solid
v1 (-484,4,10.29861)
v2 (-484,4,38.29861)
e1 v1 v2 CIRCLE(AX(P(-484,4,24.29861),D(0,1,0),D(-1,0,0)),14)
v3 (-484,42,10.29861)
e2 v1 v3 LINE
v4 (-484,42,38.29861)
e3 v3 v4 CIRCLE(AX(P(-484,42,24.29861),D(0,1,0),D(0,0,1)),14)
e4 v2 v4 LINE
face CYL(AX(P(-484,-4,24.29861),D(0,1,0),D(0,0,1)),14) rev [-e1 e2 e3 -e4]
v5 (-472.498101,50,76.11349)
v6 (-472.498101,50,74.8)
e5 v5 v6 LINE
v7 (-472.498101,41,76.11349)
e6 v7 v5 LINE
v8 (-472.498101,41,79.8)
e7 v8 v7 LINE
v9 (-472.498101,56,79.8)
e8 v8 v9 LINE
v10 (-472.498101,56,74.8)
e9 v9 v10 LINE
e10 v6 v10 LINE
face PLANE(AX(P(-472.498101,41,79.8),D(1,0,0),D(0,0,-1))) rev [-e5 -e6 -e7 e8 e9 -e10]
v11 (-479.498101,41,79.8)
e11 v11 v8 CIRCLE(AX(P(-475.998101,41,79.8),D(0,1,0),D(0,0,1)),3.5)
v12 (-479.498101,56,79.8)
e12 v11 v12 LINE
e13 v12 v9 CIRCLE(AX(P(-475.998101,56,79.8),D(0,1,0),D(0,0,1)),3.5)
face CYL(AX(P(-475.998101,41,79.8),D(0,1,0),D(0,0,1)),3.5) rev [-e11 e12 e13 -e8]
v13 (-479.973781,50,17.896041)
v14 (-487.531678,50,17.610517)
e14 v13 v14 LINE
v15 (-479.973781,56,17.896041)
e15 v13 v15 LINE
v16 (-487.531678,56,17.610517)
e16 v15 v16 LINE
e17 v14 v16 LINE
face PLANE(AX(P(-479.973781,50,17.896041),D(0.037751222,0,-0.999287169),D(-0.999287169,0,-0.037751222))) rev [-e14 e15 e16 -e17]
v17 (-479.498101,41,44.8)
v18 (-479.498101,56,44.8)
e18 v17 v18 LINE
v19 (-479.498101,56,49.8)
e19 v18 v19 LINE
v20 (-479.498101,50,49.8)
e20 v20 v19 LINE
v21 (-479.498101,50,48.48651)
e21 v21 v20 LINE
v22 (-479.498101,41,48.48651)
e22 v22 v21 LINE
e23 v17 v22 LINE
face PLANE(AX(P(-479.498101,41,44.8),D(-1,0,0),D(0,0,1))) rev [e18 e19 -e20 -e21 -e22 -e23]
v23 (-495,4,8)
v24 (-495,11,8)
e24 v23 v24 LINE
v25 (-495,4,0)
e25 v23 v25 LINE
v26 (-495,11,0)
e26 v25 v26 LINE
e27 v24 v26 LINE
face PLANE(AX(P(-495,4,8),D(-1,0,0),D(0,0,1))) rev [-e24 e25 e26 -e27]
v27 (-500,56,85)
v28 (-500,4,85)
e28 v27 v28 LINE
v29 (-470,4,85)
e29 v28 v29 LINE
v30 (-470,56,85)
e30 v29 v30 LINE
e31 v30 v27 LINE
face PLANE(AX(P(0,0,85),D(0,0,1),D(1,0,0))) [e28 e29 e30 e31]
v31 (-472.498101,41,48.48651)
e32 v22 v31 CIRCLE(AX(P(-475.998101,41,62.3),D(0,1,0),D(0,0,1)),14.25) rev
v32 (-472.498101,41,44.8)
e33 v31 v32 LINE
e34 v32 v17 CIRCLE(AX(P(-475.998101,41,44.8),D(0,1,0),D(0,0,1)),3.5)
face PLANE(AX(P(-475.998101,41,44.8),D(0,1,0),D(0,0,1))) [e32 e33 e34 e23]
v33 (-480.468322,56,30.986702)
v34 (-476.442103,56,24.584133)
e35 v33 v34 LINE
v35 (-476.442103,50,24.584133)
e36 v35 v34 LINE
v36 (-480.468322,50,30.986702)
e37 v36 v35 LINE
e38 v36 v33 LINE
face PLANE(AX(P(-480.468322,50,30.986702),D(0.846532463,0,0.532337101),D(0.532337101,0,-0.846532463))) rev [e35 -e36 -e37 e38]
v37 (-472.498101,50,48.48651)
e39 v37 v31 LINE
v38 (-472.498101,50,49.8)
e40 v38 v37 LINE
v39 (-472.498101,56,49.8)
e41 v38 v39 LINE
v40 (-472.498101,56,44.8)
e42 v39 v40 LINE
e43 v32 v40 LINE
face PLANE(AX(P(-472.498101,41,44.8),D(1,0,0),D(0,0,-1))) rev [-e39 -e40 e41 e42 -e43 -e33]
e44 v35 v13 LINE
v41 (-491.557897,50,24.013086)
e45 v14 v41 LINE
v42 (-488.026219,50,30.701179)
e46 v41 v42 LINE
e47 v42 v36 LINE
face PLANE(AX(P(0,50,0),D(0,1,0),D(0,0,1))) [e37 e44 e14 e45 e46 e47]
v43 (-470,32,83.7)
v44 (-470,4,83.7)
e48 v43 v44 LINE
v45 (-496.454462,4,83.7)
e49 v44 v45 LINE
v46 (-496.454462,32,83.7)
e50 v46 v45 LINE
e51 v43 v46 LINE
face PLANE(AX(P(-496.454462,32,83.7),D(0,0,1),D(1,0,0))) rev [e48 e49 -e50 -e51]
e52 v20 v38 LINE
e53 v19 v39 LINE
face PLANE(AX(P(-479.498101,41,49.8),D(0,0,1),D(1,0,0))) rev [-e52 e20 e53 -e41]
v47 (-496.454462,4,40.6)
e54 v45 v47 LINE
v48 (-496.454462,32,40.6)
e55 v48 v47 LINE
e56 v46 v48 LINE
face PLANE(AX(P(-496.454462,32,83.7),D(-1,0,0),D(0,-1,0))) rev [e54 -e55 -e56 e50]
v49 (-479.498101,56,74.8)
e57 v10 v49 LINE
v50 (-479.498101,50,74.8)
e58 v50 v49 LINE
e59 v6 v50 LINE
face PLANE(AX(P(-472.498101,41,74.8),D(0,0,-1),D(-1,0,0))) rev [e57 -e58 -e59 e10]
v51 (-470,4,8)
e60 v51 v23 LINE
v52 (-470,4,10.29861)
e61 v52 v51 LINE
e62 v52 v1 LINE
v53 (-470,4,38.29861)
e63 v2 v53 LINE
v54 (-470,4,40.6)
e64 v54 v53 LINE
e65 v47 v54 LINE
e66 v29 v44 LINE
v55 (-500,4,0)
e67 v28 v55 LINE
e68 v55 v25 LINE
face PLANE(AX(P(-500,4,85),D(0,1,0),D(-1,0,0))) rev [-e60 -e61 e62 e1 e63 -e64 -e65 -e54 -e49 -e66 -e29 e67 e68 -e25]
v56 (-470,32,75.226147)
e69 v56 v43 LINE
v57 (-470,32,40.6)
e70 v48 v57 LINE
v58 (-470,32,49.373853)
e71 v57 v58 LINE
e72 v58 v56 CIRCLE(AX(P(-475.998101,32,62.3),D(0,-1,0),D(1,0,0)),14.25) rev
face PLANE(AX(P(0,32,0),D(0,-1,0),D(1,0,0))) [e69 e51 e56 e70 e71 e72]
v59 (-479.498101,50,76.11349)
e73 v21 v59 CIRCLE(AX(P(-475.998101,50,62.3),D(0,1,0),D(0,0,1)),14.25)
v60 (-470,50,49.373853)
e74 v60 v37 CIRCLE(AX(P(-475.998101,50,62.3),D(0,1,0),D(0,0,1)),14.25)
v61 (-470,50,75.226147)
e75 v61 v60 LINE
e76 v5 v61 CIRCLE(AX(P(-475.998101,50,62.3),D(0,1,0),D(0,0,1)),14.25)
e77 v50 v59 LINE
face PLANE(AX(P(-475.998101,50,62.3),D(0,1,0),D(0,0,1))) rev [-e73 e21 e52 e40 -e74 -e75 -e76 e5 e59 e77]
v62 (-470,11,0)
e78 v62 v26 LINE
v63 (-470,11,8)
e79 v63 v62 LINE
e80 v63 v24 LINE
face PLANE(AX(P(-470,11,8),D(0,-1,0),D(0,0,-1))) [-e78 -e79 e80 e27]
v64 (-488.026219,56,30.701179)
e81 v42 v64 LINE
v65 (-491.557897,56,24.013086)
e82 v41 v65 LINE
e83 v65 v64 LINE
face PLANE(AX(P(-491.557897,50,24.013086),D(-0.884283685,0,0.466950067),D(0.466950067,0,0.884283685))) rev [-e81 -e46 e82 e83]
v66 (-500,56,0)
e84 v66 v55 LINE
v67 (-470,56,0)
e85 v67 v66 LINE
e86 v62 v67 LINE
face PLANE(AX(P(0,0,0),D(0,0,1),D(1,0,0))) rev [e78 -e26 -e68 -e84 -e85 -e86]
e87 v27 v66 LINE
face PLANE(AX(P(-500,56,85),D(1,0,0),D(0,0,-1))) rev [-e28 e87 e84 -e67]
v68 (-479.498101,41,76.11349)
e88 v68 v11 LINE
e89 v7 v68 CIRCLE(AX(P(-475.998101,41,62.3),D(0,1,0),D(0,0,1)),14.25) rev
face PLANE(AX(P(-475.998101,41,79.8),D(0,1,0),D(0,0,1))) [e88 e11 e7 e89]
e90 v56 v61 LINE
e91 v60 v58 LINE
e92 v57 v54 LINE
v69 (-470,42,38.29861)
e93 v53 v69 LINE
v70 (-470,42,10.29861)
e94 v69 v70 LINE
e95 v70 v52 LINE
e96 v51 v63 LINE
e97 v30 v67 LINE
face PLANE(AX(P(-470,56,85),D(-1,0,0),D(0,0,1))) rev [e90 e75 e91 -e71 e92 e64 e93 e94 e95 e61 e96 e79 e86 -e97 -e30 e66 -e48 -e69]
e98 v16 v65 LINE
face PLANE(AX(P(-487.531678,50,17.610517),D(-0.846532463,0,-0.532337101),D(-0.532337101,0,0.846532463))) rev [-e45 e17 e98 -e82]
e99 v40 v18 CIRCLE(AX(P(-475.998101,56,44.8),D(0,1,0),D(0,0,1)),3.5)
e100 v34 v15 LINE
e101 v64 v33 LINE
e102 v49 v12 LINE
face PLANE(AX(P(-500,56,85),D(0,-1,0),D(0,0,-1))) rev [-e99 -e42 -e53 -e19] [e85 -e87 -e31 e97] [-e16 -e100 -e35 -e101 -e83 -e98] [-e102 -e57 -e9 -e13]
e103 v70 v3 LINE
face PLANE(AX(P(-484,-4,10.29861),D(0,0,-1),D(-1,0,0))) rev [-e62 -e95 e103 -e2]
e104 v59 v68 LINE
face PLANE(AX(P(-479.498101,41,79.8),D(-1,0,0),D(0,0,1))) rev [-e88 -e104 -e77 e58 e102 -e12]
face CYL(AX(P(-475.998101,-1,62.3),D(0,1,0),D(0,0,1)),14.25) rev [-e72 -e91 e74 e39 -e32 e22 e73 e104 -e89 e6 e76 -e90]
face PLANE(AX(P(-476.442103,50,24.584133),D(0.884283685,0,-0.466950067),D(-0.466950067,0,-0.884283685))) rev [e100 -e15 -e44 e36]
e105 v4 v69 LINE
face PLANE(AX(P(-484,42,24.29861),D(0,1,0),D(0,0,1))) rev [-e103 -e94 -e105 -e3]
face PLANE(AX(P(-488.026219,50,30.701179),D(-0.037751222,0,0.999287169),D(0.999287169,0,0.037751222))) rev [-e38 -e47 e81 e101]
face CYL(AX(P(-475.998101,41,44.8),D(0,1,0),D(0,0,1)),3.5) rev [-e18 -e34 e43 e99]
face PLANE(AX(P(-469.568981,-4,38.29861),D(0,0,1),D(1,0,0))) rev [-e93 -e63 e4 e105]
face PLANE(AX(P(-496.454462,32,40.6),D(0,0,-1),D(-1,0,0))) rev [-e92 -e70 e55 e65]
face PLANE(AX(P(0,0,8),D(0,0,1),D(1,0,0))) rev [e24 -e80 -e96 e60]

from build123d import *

# Parameters (mm, degrees)
SKETCH1_W           = 30
SKETCH1_H           = 52
BOSS_EXTRUDE1_DEPTH = 85
SKETCH2_R           = 14.25
CUT_EXTRUDE1_DEPTH  = 51
SKETCH3_R           = 11.218089099
CUT_EXTRUDE2_DEPTH  = 27
CUT_EXTRUDE3_DEPTH  = 6
CUT_EXTRUDE4_DEPTH  = 15
SKETCH4_W           = 26.454461606
SKETCH4_H           = 43.1
CUT_EXTRUDE5_DEPTH  = 28
CUT_EXTRUDE6_DEPTH  = 46
SKETCH8_W           = 25
SKETCH8_H           = 7
CUT_EXTRUDE7_DEPTH  = 8


with BuildPart() as part:
    # Sketch1 → Boss-Extrude1 (new body)
    with BuildSketch(Plane.XY):
        with Locations((-485, 30)):
            Rectangle(SKETCH1_W, SKETCH1_H)
    extrude(amount=BOSS_EXTRUDE1_DEPTH)

    # Sketch2 → Cut-Extrude1 (cut)
    with BuildSketch(Plane(origin=(0, 50, 0), x_dir=(1, 0, 0), z_dir=(0, 1, 0))):
        with Locations((-475.99810076, -62.3)):
            Circle(SKETCH2_R)
    extrude(amount=-CUT_EXTRUDE1_DEPTH, mode=Mode.SUBTRACT)

    # Sketch3 → Cut-Extrude2 (cut)
    with BuildSketch(Plane.XZ.offset(-4)):
        with Locations((-483.99810076, 62.3)):
            Circle(SKETCH3_R)
    extrude(amount=-CUT_EXTRUDE2_DEPTH, mode=Mode.SUBTRACT)

    # Sketch5 → Cut-Extrude3 (cut)
    with BuildSketch(Plane(origin=(0, 56, 0), x_dir=(1, 0, 0), z_dir=(0, 1, 0))):
        Polygon((-488.026219091, -30.701179091), (-480.468321914, -30.986702473), (-476.442102823, -24.584133211), (-479.973780909, -17.896040565), (-487.531678086, -17.610517183), (-491.557897177, -24.013086446), align=None)
    extrude(amount=-CUT_EXTRUDE3_DEPTH, mode=Mode.SUBTRACT)

    # Sketch6 → Cut-Extrude4 (cut)
    with BuildSketch(Plane(origin=(0, 56, 0), x_dir=(1, 0, 0), z_dir=(0, 1, 0))):
        with BuildLine():
            Line((-472.49810076, -79.8), (-472.49810076, -74.8))
            Line((-472.49810076, -74.8), (-479.49810076, -74.8))
            Line((-479.49810076, -74.8), (-479.49810076, -79.8))
            ThreePointArc((-479.49810076, -79.8), (-475.99810076, -83.3), (-472.49810076, -79.8))
        make_face()
        with BuildLine():
            Line((-472.49810076, -44.8), (-472.49810076, -49.8))
            Line((-472.49810076, -49.8), (-479.49810076, -49.8))
            Line((-479.49810076, -49.8), (-479.49810076, -44.8))
            ThreePointArc((-479.49810076, -44.8), (-475.99810076, -41.3), (-472.49810076, -44.8))
        make_face()
    extrude(amount=-CUT_EXTRUDE4_DEPTH, mode=Mode.SUBTRACT)

    # Sketch4 → Cut-Extrude5 (cut)
    with BuildSketch(Plane(origin=(0, 4, 0), x_dir=(-1, 0, 0), z_dir=(0, -1, 0))):
        with Locations((483.227230803, -62.15)):
            Rectangle(SKETCH4_W, SKETCH4_H)
    extrude(amount=-CUT_EXTRUDE5_DEPTH, mode=Mode.SUBTRACT)

    # Sketch7 → Cut-Extrude6 (cut)
    with BuildSketch(Plane(origin=(0, 42, 0), x_dir=(1, 0, 0), z_dir=(0, 1, 0))):
        with BuildLine():
            Line((-484, -10.298609828), (-469.568981223, -10.298609828))
            Line((-469.568981223, -10.298609828), (-469.568981223, -38.298609828))
            Line((-469.568981223, -38.298609828), (-484, -38.298609828))
            ThreePointArc((-484, -38.298609828), (-498, -24.298609828), (-484, -10.298609828))
        make_face()
    extrude(amount=-CUT_EXTRUDE6_DEPTH, mode=Mode.SUBTRACT)

    # Sketch8 → Cut-Extrude7 (cut)
    with BuildSketch(Plane(origin=(0, 0, 0), x_dir=(-1, 0, 0), z_dir=(0, 0, -1))):
        with Locations((482.5, 7.5)):
            Rectangle(SKETCH8_W, SKETCH8_H)
    extrude(amount=-CUT_EXTRUDE7_DEPTH, mode=Mode.SUBTRACT)


solid = part.part
